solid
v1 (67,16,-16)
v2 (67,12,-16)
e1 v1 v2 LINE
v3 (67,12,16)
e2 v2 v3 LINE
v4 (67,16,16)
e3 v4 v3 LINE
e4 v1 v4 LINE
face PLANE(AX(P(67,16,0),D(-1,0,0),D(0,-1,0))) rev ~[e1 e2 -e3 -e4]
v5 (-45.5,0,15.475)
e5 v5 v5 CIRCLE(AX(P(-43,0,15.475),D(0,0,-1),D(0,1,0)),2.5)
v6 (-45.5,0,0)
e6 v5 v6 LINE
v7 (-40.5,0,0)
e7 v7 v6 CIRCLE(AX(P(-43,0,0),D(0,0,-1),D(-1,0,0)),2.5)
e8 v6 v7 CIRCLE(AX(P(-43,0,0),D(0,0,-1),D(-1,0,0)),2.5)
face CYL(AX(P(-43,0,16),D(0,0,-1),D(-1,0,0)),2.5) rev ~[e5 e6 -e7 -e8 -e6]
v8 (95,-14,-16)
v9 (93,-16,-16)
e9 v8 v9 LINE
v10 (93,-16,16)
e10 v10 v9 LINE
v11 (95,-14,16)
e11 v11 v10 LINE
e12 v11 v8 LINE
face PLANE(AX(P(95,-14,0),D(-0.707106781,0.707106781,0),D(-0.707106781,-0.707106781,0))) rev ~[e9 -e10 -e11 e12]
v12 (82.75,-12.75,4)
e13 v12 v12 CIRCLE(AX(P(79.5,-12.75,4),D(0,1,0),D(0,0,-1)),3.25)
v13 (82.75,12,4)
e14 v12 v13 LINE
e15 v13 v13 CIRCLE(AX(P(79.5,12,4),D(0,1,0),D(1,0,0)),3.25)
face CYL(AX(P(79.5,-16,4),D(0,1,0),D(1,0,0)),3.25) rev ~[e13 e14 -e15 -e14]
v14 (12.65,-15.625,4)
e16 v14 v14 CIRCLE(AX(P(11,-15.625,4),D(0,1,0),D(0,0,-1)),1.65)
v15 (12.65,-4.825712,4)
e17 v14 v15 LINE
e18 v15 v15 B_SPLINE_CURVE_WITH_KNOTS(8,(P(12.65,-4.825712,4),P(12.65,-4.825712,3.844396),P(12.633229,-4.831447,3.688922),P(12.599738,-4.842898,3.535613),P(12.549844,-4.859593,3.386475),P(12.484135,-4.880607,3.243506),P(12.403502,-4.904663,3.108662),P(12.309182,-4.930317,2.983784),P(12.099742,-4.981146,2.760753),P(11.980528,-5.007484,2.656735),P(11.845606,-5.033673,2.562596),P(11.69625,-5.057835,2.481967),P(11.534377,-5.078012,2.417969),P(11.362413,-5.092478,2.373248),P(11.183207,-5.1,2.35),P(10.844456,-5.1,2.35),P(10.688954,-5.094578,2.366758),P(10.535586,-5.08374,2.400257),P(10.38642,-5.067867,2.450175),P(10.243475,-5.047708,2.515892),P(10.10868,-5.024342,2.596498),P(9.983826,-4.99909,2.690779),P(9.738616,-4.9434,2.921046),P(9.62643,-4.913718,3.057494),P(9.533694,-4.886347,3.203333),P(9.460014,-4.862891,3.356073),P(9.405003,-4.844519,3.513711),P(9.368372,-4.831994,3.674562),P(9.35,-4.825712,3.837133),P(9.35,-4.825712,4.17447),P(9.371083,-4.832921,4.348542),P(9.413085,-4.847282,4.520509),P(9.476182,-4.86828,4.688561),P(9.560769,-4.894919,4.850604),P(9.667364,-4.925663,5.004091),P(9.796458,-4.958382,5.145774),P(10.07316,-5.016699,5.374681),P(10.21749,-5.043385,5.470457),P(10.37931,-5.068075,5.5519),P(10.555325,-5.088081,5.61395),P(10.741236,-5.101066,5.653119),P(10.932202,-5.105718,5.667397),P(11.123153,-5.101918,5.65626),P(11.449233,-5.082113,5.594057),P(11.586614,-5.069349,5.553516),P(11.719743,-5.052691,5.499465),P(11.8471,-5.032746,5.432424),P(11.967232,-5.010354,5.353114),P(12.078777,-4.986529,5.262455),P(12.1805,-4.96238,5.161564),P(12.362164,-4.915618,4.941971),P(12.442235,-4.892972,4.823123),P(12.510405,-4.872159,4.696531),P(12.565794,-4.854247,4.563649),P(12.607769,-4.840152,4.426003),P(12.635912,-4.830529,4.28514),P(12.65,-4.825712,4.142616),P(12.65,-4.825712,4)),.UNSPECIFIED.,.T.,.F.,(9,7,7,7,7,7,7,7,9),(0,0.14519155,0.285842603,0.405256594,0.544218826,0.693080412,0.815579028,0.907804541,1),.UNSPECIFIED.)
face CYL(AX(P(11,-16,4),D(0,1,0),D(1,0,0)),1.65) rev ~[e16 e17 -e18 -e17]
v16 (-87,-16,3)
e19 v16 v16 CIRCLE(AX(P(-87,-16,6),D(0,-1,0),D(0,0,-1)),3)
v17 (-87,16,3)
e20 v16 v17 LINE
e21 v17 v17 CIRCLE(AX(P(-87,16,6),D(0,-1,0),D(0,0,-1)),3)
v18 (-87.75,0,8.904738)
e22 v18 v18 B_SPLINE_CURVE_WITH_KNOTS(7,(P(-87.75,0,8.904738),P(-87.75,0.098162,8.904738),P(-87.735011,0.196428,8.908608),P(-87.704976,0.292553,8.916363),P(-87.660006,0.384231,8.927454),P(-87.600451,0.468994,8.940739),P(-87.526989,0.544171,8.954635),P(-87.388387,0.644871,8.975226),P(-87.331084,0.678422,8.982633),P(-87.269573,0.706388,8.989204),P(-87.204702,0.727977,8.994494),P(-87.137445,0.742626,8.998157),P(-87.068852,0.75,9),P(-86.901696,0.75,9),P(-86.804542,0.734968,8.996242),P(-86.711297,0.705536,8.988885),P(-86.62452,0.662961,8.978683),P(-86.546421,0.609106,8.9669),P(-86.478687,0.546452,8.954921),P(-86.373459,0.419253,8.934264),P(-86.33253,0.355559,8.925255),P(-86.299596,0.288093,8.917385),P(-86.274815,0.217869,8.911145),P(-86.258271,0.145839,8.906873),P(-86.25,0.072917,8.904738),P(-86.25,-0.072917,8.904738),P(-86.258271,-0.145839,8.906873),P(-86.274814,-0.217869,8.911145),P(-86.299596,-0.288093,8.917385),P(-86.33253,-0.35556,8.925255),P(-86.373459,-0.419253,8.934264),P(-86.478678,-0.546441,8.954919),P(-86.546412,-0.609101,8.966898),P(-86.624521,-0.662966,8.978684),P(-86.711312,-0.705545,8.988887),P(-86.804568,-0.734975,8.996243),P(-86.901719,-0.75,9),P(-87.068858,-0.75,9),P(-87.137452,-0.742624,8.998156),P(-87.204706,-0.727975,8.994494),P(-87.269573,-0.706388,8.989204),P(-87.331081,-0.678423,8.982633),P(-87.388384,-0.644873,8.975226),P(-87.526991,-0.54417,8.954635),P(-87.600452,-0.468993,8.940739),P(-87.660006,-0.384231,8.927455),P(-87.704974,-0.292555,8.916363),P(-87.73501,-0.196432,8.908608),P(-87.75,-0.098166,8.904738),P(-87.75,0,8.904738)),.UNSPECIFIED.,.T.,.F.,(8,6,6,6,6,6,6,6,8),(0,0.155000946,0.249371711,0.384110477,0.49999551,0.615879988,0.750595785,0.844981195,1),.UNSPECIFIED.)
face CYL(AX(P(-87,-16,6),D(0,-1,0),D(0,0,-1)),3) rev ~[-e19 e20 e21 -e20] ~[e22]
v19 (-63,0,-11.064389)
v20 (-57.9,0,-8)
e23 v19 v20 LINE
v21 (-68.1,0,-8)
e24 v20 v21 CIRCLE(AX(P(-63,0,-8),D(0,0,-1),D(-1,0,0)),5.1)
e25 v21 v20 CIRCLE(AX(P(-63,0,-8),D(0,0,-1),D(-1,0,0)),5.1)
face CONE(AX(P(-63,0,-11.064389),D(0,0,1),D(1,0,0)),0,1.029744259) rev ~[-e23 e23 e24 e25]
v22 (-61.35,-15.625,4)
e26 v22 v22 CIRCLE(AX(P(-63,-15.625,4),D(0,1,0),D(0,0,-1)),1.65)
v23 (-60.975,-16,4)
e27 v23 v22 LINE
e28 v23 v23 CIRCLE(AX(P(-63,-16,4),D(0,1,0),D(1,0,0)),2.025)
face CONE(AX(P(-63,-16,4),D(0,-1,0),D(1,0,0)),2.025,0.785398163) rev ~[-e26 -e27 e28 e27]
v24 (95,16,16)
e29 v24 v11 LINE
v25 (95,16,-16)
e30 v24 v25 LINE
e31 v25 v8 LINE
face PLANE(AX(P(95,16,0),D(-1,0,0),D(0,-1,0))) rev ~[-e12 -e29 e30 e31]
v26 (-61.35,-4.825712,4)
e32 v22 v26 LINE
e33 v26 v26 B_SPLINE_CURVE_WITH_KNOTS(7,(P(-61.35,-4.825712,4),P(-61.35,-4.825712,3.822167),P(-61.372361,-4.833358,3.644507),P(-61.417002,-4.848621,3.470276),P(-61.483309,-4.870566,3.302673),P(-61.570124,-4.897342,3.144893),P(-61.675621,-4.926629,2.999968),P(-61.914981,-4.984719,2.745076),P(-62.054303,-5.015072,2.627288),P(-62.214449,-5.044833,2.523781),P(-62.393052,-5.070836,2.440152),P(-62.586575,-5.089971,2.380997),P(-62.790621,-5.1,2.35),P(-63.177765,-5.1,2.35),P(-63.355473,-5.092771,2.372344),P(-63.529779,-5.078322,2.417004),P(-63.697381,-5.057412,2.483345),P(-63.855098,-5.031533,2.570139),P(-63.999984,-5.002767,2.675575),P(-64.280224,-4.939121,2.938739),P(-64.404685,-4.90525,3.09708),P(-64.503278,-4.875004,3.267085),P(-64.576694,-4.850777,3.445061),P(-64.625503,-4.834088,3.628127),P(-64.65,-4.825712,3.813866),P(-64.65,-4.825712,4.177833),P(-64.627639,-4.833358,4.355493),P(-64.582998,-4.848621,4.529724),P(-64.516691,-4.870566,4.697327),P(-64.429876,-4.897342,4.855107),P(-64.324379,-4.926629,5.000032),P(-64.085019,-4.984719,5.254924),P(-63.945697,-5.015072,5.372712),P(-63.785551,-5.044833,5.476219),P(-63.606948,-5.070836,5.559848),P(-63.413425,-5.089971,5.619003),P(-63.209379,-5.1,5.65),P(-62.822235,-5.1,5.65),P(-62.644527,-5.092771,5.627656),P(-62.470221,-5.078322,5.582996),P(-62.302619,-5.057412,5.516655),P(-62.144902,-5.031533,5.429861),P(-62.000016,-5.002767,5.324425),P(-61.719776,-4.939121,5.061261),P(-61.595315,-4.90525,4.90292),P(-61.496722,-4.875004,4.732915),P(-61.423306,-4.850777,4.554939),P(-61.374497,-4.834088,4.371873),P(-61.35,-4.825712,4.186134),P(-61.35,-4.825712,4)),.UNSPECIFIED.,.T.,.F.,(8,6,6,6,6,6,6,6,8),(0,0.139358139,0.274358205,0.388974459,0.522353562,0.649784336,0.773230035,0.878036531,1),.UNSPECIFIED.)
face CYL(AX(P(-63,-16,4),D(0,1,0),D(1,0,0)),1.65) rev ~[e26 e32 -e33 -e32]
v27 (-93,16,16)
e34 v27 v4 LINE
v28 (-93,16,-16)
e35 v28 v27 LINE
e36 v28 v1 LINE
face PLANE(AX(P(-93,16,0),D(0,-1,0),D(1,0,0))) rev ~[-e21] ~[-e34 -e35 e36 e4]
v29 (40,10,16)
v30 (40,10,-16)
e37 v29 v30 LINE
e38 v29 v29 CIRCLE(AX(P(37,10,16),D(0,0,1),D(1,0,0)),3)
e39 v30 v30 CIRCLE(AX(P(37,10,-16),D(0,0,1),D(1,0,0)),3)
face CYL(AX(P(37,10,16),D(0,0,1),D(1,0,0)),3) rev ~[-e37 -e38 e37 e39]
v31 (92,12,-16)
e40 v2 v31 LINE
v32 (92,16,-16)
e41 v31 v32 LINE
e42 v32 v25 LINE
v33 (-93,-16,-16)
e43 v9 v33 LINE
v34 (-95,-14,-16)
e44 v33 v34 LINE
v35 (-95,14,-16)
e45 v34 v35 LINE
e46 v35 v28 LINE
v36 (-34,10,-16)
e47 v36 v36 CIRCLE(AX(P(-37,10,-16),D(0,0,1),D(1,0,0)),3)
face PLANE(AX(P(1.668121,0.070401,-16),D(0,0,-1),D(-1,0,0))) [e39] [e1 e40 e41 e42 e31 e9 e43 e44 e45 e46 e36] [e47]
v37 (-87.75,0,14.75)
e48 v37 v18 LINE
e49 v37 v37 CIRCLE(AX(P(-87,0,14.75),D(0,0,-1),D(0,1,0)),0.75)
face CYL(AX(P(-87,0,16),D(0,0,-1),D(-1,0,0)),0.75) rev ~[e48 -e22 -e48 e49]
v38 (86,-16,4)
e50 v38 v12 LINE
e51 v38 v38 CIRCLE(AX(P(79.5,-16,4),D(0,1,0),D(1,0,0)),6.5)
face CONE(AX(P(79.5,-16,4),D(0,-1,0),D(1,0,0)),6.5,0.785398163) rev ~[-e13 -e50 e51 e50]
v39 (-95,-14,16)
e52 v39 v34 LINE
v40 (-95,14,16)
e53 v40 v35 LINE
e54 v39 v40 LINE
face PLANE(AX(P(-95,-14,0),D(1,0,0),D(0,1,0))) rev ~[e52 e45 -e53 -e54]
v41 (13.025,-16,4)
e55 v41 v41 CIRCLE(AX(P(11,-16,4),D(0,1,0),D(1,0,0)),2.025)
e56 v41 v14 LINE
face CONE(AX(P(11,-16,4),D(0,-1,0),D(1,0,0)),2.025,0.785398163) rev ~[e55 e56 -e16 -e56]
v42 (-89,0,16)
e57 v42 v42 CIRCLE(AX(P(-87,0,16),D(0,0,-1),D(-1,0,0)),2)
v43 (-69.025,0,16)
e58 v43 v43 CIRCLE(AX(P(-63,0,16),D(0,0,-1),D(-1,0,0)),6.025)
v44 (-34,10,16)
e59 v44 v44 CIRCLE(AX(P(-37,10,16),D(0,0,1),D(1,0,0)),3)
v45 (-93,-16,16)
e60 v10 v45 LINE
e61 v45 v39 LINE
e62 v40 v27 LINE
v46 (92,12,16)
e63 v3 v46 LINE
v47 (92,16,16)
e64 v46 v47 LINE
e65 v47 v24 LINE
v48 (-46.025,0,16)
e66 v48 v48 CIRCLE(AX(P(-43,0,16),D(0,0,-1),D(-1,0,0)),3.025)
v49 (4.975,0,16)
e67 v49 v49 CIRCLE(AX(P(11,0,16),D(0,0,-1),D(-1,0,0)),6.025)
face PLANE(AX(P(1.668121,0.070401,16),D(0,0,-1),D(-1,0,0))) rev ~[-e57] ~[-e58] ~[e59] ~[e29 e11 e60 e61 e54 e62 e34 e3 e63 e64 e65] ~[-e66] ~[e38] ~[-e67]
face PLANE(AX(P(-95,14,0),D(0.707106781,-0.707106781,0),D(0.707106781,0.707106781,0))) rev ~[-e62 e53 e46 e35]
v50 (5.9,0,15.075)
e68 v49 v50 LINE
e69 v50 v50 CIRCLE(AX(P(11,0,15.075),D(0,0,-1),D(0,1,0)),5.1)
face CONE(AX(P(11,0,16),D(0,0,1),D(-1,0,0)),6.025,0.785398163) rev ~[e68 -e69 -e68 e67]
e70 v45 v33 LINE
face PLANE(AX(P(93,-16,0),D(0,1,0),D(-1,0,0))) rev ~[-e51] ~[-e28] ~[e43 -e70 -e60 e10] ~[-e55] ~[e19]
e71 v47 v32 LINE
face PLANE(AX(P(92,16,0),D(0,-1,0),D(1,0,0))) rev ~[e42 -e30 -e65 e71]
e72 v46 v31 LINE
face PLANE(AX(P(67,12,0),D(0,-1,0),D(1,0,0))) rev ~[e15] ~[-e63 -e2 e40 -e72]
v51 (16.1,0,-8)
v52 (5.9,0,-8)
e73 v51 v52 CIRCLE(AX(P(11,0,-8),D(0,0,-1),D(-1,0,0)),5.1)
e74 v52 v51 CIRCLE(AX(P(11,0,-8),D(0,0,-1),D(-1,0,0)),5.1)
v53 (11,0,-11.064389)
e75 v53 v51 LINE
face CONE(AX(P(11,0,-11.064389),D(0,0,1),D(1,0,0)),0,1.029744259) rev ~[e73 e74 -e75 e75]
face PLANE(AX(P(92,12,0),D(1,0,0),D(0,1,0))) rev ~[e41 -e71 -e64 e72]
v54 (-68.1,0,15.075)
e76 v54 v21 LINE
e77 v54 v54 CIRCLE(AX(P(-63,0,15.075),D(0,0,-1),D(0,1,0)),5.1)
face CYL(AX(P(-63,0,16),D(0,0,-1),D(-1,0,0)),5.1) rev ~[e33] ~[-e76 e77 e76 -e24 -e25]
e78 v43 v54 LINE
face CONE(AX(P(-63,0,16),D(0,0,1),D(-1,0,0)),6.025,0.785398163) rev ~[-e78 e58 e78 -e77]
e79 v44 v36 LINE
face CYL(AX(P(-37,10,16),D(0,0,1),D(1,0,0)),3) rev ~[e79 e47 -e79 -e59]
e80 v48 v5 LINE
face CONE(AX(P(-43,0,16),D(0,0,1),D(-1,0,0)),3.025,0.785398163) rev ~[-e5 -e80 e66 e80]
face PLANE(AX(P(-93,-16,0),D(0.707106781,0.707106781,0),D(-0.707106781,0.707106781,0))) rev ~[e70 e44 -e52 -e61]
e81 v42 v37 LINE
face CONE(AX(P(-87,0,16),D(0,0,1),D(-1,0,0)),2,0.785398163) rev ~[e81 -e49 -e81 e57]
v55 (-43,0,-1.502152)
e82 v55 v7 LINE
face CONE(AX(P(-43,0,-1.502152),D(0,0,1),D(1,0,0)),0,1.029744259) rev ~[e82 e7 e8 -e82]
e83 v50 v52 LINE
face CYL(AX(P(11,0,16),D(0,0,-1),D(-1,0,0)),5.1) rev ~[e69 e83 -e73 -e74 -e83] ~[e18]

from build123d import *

# Parameters (mm, degrees)
BOSS_EXTRUDE1_DEPTH                                  = 16
M12_TAPPED_HOLE2_D                                   = 10.2
M12_TAPPED_HOLE2_DEPTH                               = 24
M12_TAPPED_HOLE2_CSINK_D                             = 12.05
M12_TAPPED_HOLE2_CSINK_ANGLE                         = 90
M12_TAPPED_HOLE2_TIP                                 = 3.064389157
M4_TAPPED_HOLE1_D                                    = 3.3
M4_TAPPED_HOLE1_DEPTH                                = 11.5
M4_TAPPED_HOLE1_CSINK_D                              = 4.05
M4_TAPPED_HOLE1_CSINK_ANGLE                          = 90
M4_TAPPED_HOLE1_TIP                                  = 0.991420021
SKETCH15_R                                           = 3
CUT_EXTRUDE1_DEPTH                                   = 102.513545894
CSK_FOR_M4_COUNTERSUNK_FLAT_HEAD_SCREW1_D            = 1.5
CSK_FOR_M4_COUNTERSUNK_FLAT_HEAD_SCREW1_DEPTH        = 10
CSK_FOR_M4_COUNTERSUNK_FLAT_HEAD_SCREW1_CSINK_D      = 4
CSK_FOR_M4_COUNTERSUNK_FLAT_HEAD_SCREW1_CSINK_ANGLE  = 90
CSK_FOR_M4_COUNTERSUNK_FLAT_HEAD_SCREW1_TIP          = 0.450645464
M6_TAPPED_HOLE1_D                                    = 5
M6_TAPPED_HOLE1_DEPTH                                = 16
M6_TAPPED_HOLE1_CSINK_D                              = 6.05
M6_TAPPED_HOLE1_CSINK_ANGLE                          = 90
M6_TAPPED_HOLE1_TIP                                  = 1.502151548
SKETCH22_R                                           = 3
CUT_EXTRUDE2_DEPTH                                   = 102.51354591
CSK_FOR_M10_COUNTERSUNK_FLAT_HEAD_SCREW2_D           = 6.5
CSK_FOR_M10_COUNTERSUNK_FLAT_HEAD_SCREW2_DEPTH       = 32
CSK_FOR_M10_COUNTERSUNK_FLAT_HEAD_SCREW2_CSINK_D     = 13
CSK_FOR_M10_COUNTERSUNK_FLAT_HEAD_SCREW2_CSINK_ANGLE = 90
CSK_FOR_M10_COUNTERSUNK_FLAT_HEAD_SCREW2_TIP         = 1.952797012


with BuildPart() as part:
    # Sketch1 → Boss-Extrude1 (new, symmetric)
    with BuildSketch(Plane.XY):
        Polygon((67, 12), (92, 12), (92, 16), (95, 16), (95, -14), (93, -16), (-93, -16), (-95, -14), (-95, 14), (-93, 16), (67, 16), align=None)
    extrude(amount=BOSS_EXTRUDE1_DEPTH, both=True)

    # M12 Tapped Hole2
    with Locations(Plane.XY.offset(16)):
        with Locations((-63, 0), (11, 0)):
            CounterSinkHole(M12_TAPPED_HOLE2_D / 2, M12_TAPPED_HOLE2_CSINK_D / 2, depth=M12_TAPPED_HOLE2_DEPTH, counter_sink_angle=M12_TAPPED_HOLE2_CSINK_ANGLE)
            with Locations((0, 0, -(M12_TAPPED_HOLE2_DEPTH + M12_TAPPED_HOLE2_TIP / 2))):  # 118° drill point
                Cone(0, M12_TAPPED_HOLE2_D / 2, M12_TAPPED_HOLE2_TIP, mode=Mode.SUBTRACT)

    # M4 Tapped Hole1
    with Locations(Plane(origin=(0, -16, 0), x_dir=(-1, 0, 0), z_dir=(0, -1, 0))):
        with Locations((-11, -4), (63, -4)):
            CounterSinkHole(M4_TAPPED_HOLE1_D / 2, M4_TAPPED_HOLE1_CSINK_D / 2, depth=M4_TAPPED_HOLE1_DEPTH, counter_sink_angle=M4_TAPPED_HOLE1_CSINK_ANGLE)
            with Locations((0, 0, -(M4_TAPPED_HOLE1_DEPTH + M4_TAPPED_HOLE1_TIP / 2))):  # 118° drill point
                Cone(0, M4_TAPPED_HOLE1_D / 2, M4_TAPPED_HOLE1_TIP, mode=Mode.SUBTRACT)

    # Sketch15 → Cut-Extrude1 (cut, through all)
    with BuildSketch(Plane.XZ.offset(16)):
        with Locations(Location((-87, 6, 0), (0, 0, 270))):
            Circle(SKETCH15_R)
    extrude(amount=-CUT_EXTRUDE1_DEPTH, mode=Mode.SUBTRACT)

    # CSK for M4 Countersunk Flat Head Screw1
    with Locations(Plane.XY.offset(16)):
        with Locations((-87, 0)):
            CounterSinkHole(CSK_FOR_M4_COUNTERSUNK_FLAT_HEAD_SCREW1_D / 2, CSK_FOR_M4_COUNTERSUNK_FLAT_HEAD_SCREW1_CSINK_D / 2, depth=CSK_FOR_M4_COUNTERSUNK_FLAT_HEAD_SCREW1_DEPTH, counter_sink_angle=CSK_FOR_M4_COUNTERSUNK_FLAT_HEAD_SCREW1_CSINK_ANGLE)
            with Locations((0, 0, -(CSK_FOR_M4_COUNTERSUNK_FLAT_HEAD_SCREW1_DEPTH + CSK_FOR_M4_COUNTERSUNK_FLAT_HEAD_SCREW1_TIP / 2))):  # 118° drill point
                Cone(0, CSK_FOR_M4_COUNTERSUNK_FLAT_HEAD_SCREW1_D / 2, CSK_FOR_M4_COUNTERSUNK_FLAT_HEAD_SCREW1_TIP, mode=Mode.SUBTRACT)

    # M6 Tapped Hole1
    with Locations(Plane.XY.offset(16)):
        with Locations((-43, 0)):
            CounterSinkHole(M6_TAPPED_HOLE1_D / 2, M6_TAPPED_HOLE1_CSINK_D / 2, depth=M6_TAPPED_HOLE1_DEPTH, counter_sink_angle=M6_TAPPED_HOLE1_CSINK_ANGLE)
            with Locations((0, 0, -(M6_TAPPED_HOLE1_DEPTH + M6_TAPPED_HOLE1_TIP / 2))):  # 118° drill point
                Cone(0, M6_TAPPED_HOLE1_D / 2, M6_TAPPED_HOLE1_TIP, mode=Mode.SUBTRACT)

    # Sketch22 → Cut-Extrude2 (cut, through all)
    with BuildSketch(Plane.XY.offset(16)):
        with Locations((-37, 10)):
            Circle(SKETCH22_R)
        with Locations((37, 10)):
            Circle(SKETCH22_R)
    extrude(amount=-CUT_EXTRUDE2_DEPTH, mode=Mode.SUBTRACT)

    # CSK for M10 Countersunk Flat Head Screw2
    with Locations(Plane(origin=(0, -16, 0), x_dir=(-1, 0, 0), z_dir=(0, -1, 0))):
        with Locations((-79.5, -4)):
            CounterSinkHole(CSK_FOR_M10_COUNTERSUNK_FLAT_HEAD_SCREW2_D / 2, CSK_FOR_M10_COUNTERSUNK_FLAT_HEAD_SCREW2_CSINK_D / 2, depth=CSK_FOR_M10_COUNTERSUNK_FLAT_HEAD_SCREW2_DEPTH, counter_sink_angle=CSK_FOR_M10_COUNTERSUNK_FLAT_HEAD_SCREW2_CSINK_ANGLE)
            with Locations((0, 0, -(CSK_FOR_M10_COUNTERSUNK_FLAT_HEAD_SCREW2_DEPTH + CSK_FOR_M10_COUNTERSUNK_FLAT_HEAD_SCREW2_TIP / 2))):  # 118° drill point
                Cone(0, CSK_FOR_M10_COUNTERSUNK_FLAT_HEAD_SCREW2_D / 2, CSK_FOR_M10_COUNTERSUNK_FLAT_HEAD_SCREW2_TIP, mode=Mode.SUBTRACT)


solid = part.part
